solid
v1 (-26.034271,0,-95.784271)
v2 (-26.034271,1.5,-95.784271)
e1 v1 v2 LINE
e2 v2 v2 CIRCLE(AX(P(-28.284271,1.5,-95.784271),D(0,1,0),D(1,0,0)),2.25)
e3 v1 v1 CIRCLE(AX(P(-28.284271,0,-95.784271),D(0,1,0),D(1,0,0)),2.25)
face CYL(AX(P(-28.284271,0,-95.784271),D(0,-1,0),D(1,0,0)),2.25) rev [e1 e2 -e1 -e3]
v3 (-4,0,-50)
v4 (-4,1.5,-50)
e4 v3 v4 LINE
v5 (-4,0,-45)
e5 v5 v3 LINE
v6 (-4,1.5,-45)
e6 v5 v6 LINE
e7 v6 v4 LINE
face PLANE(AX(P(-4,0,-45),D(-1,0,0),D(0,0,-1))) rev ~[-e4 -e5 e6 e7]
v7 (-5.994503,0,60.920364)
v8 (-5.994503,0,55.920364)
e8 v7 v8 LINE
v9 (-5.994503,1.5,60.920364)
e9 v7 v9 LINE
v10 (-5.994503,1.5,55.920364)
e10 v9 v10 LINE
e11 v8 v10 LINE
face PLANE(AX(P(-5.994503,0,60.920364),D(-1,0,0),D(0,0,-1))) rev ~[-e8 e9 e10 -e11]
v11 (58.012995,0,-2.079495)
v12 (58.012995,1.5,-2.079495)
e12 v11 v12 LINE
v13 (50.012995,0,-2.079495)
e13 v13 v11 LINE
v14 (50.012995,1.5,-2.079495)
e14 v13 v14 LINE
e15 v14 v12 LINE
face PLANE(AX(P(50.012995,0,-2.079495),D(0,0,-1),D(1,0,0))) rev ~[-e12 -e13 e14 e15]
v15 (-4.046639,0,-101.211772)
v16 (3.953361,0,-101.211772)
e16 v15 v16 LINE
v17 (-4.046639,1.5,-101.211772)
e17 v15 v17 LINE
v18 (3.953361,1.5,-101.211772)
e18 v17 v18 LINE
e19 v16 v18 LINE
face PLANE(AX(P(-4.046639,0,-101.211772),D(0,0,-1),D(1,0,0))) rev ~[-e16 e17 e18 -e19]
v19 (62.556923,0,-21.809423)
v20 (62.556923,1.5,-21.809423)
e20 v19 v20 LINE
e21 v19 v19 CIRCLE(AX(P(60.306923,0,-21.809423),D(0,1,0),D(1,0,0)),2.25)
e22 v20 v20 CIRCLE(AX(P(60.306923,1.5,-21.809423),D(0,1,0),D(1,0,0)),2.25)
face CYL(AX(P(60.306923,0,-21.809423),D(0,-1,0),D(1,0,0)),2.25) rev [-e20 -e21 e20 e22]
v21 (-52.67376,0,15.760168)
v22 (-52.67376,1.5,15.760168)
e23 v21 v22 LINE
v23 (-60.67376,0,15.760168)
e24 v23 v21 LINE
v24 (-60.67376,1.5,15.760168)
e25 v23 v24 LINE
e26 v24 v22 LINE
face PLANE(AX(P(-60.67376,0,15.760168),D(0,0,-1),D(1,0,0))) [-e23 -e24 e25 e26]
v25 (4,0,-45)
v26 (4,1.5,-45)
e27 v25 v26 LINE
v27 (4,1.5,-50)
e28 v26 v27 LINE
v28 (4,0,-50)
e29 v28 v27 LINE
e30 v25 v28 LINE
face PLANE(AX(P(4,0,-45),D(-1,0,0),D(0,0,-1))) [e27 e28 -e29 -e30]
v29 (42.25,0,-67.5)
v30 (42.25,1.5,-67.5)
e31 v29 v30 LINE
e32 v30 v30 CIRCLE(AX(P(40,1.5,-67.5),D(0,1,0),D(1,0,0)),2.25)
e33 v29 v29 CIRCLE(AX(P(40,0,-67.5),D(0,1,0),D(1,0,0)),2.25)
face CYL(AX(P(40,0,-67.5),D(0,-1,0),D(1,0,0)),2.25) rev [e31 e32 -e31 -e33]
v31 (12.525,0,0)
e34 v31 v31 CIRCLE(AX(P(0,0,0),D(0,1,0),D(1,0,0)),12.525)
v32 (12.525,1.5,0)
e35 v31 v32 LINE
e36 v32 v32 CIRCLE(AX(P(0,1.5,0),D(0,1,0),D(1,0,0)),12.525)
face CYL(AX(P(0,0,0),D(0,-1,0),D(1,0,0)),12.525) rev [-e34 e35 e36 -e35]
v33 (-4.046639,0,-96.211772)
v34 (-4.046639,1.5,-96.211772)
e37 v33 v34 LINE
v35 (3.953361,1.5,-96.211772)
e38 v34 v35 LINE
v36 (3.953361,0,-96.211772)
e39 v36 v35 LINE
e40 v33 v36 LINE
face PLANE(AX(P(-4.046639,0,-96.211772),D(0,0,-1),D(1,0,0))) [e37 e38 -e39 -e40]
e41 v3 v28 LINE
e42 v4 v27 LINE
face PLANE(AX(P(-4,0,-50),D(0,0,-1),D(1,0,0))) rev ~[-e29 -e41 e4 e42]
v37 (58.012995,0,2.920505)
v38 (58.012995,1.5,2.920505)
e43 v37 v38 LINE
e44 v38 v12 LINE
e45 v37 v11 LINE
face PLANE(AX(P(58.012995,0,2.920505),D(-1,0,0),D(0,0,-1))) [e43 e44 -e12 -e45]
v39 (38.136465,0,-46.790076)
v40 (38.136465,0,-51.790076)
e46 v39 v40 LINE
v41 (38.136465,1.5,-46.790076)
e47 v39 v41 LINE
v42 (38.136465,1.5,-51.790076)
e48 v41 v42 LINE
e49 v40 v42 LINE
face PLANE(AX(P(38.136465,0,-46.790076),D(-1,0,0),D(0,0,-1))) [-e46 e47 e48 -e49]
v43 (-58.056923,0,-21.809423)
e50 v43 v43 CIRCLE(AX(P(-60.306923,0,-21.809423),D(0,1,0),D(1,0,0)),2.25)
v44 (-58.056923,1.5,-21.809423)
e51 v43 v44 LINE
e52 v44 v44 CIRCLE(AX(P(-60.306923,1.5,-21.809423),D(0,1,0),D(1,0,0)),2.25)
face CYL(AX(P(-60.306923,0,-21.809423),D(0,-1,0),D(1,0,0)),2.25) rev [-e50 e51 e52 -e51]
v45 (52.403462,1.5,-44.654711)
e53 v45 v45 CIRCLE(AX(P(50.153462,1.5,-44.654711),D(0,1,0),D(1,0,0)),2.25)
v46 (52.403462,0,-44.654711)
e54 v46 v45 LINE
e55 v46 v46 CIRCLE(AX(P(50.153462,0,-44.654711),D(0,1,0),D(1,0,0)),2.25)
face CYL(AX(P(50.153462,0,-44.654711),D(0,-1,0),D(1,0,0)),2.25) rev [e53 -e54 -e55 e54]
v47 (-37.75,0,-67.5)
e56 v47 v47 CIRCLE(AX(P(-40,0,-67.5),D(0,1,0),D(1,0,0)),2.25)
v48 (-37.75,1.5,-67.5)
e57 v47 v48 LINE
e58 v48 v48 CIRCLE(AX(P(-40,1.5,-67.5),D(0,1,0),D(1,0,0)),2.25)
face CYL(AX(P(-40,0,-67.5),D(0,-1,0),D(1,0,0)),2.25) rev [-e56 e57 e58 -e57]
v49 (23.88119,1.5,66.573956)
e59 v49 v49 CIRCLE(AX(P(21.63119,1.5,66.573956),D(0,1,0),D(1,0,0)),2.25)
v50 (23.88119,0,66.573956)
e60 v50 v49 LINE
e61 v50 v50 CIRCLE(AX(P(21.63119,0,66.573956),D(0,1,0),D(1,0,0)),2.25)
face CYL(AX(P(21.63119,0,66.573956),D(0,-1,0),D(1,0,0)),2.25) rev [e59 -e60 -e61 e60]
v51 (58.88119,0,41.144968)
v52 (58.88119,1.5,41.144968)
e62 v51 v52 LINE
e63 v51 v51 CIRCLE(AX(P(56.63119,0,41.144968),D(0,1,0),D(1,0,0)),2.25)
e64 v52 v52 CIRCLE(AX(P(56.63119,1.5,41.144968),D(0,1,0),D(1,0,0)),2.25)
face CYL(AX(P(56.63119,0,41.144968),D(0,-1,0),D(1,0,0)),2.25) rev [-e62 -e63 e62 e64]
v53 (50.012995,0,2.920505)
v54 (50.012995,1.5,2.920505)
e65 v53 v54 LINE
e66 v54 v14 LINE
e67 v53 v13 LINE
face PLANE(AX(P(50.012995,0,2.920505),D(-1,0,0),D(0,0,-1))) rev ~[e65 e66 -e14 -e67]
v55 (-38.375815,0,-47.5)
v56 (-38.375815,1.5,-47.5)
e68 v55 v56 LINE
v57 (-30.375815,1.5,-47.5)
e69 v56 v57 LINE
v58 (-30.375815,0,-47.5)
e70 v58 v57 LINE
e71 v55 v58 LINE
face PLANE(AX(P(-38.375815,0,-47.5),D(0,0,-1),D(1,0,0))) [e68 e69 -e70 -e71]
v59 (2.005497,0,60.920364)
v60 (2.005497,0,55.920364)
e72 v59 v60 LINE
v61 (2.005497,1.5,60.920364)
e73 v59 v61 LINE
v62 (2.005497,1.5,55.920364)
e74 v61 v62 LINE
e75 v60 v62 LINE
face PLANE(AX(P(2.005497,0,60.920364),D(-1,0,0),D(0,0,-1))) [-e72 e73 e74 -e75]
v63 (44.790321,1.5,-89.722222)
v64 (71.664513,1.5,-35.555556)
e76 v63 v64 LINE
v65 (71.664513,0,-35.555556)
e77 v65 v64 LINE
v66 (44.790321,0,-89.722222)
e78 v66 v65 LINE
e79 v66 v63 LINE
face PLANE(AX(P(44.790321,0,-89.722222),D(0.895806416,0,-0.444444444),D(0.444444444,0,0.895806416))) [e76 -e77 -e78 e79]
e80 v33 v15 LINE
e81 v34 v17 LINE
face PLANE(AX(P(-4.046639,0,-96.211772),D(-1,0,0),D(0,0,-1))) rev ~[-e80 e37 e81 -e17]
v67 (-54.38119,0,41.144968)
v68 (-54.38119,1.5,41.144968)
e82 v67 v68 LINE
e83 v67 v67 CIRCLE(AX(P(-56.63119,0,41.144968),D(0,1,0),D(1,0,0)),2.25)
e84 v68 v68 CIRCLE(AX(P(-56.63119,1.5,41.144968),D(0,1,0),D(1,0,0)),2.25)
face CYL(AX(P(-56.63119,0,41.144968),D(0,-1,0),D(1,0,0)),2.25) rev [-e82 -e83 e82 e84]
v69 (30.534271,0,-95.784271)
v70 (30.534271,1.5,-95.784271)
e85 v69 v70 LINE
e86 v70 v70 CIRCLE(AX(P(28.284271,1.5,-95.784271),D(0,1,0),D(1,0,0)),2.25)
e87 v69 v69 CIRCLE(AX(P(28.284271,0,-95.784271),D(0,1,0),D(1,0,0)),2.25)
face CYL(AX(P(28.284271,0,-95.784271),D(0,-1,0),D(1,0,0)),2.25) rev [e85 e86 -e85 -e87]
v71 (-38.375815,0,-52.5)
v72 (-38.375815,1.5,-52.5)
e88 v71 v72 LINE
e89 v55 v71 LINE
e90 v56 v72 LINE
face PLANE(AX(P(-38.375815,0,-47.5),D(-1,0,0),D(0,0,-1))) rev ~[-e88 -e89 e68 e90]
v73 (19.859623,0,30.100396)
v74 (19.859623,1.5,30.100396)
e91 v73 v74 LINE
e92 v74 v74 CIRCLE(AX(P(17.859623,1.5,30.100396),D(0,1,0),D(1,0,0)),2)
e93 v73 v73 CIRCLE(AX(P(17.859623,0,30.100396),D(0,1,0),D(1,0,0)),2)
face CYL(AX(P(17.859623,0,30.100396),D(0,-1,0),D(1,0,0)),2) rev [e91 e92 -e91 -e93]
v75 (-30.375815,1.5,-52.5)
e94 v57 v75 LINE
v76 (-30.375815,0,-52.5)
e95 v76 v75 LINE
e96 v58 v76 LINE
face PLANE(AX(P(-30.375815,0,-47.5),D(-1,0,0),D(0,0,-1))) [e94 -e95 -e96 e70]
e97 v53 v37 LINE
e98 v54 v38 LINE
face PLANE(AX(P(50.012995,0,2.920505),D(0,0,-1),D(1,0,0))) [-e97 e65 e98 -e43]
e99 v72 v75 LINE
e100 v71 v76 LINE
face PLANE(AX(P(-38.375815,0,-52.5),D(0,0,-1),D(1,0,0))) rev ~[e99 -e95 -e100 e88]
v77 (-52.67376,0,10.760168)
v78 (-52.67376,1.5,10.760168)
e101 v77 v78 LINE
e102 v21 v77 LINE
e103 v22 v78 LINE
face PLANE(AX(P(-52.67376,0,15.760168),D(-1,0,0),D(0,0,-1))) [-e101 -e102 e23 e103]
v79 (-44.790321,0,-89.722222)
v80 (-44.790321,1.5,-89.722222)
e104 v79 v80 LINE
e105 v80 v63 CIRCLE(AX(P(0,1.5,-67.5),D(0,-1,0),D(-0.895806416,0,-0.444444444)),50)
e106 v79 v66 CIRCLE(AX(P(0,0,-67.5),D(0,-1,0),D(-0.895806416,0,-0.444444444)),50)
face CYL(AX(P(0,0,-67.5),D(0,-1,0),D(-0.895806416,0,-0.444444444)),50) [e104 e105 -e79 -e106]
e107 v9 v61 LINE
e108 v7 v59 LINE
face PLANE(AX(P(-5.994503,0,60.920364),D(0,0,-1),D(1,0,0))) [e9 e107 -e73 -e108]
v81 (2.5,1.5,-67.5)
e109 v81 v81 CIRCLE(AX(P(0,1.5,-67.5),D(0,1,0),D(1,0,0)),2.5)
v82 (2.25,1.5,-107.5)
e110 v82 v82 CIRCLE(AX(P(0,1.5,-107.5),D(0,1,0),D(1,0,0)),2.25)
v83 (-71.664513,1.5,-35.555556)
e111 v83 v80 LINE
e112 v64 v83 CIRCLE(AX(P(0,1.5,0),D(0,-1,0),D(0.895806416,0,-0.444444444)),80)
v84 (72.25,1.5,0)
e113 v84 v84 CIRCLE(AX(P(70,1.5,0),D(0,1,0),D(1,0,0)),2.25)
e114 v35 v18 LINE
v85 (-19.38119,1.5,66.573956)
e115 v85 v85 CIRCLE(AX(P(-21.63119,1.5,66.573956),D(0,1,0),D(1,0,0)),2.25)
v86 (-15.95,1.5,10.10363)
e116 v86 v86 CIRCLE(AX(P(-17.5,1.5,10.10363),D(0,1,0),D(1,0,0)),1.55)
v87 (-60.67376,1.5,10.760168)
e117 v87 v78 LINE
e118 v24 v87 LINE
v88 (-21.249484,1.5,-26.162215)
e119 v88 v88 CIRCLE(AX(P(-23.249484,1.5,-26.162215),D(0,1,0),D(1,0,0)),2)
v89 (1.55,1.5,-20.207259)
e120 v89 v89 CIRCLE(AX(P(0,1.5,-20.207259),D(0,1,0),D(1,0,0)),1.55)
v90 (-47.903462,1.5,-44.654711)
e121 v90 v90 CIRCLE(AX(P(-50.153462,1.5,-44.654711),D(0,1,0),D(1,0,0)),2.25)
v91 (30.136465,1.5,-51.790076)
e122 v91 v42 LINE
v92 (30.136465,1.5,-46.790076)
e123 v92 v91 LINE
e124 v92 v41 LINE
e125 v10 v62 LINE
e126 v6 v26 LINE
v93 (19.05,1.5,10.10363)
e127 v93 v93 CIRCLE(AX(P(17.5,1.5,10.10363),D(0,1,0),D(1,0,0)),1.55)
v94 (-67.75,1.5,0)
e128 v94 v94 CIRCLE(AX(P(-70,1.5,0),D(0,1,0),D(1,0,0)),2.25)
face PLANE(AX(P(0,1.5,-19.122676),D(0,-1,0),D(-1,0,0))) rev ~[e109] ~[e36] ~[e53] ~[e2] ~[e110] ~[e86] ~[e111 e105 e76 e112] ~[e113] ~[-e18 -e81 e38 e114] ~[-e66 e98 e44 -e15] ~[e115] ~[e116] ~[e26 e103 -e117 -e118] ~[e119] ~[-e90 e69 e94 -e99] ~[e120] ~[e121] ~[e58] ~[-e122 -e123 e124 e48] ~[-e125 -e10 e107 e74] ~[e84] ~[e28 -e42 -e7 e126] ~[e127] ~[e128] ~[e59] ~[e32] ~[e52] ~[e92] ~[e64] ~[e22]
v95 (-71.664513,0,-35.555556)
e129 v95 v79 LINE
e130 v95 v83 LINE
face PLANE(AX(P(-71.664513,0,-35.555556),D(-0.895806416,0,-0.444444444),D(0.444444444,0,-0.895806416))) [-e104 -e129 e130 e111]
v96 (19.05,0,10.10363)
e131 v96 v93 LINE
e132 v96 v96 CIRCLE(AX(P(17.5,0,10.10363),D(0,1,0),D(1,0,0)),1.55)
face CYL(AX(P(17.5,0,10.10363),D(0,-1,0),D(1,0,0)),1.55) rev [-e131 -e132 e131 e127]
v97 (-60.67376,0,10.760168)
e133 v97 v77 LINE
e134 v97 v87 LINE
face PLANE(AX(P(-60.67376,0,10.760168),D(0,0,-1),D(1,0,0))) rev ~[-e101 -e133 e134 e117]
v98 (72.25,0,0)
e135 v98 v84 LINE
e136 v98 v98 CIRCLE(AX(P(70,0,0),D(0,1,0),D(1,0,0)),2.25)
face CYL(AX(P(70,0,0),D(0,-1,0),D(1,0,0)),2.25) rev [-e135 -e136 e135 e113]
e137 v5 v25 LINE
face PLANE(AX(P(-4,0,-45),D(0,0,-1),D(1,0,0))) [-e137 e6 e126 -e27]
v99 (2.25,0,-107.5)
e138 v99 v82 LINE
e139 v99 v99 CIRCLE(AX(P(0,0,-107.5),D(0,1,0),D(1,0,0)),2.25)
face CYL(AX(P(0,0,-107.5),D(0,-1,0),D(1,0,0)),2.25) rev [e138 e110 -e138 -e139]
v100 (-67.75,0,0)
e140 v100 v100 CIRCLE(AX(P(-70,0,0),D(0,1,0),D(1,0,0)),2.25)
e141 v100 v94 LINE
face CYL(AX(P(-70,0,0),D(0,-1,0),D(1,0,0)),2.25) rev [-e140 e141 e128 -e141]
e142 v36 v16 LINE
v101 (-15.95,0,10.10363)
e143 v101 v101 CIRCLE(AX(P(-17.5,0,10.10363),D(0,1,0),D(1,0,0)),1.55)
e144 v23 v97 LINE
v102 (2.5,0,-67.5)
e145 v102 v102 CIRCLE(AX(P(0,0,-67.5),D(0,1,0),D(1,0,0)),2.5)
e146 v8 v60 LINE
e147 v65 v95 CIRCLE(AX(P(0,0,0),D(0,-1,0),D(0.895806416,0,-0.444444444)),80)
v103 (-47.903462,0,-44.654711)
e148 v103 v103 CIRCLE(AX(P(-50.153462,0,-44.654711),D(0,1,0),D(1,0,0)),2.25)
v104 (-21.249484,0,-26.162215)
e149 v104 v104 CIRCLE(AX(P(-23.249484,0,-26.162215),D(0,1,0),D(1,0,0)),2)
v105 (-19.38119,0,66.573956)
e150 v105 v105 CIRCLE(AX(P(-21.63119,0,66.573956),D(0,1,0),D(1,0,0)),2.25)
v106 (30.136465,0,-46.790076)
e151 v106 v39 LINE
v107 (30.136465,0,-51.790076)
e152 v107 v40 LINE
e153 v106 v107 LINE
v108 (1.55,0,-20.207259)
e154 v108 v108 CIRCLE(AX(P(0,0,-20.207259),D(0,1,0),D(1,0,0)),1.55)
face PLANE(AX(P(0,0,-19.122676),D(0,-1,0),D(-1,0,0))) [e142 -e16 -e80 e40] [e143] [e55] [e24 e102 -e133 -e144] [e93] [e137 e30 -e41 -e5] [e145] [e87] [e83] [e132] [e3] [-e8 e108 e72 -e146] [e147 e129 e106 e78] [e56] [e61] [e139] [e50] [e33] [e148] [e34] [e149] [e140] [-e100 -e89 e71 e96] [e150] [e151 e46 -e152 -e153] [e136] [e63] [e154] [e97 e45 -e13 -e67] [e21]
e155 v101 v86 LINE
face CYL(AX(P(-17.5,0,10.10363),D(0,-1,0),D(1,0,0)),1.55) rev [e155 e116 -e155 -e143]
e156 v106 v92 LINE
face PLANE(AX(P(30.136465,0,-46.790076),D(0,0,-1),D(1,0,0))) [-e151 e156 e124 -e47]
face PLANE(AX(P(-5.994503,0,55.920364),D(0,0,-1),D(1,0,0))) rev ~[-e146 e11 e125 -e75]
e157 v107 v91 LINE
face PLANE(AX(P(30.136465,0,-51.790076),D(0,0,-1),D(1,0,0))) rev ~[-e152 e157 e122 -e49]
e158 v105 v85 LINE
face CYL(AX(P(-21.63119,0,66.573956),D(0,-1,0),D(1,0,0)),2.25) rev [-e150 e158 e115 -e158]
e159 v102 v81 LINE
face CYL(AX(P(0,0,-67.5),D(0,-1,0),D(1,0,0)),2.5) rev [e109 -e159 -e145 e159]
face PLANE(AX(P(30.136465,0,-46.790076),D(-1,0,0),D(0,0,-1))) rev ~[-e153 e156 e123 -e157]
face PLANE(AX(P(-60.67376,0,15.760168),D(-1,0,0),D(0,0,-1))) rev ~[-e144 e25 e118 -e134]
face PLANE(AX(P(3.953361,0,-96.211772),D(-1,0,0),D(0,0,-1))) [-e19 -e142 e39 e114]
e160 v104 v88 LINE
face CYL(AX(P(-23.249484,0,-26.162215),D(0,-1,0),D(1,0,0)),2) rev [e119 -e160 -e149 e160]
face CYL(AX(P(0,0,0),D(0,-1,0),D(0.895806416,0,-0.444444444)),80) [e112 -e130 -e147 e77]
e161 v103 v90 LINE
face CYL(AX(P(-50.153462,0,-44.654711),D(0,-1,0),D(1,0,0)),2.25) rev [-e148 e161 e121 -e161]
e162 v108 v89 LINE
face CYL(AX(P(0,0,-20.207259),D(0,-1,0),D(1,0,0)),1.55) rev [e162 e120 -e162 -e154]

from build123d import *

# Parameters (mm, degrees)
SKETCH1_R           = 12.525
SKETCH1_R_2         = 1.55
SKETCH1_R_3         = 2.5
SKETCH1_R_4         = 2.25
SKETCH1_R_5         = 2
SKETCH1_W           = 8
SKETCH1_H           = 5
BOSS_EXTRUDE1_DEPTH = 1.5


with BuildPart() as part:
    # Sketch1 → Boss-Extrude1 (new body)
    with BuildSketch(Plane(origin=(0, 0, 0), x_dir=(1, 0, 0), z_dir=(0, 1, 0))):
        with BuildLine():
            Line((44.790320824, 89.722222222), (71.664513318, 35.555555556))
            ThreePointArc((71.664513318, 35.555555556), (0, -80), (-71.664513318, 35.555555556))
            Line((-71.664513318, 35.555555556), (-44.790320824, 89.722222222))
            ThreePointArc((-44.790320824, 89.722222222), (0, 117.5), (44.790320824, 89.722222222))
        make_face()
        Circle(SKETCH1_R, mode=Mode.SUBTRACT)
        with Locations((-17.5, -10.103629711)):
            Circle(SKETCH1_R_2, mode=Mode.SUBTRACT)
        with Locations((17.5, -10.103629711)):
            Circle(SKETCH1_R_2, mode=Mode.SUBTRACT)
        with Locations((0, 20.207259422)):
            Circle(SKETCH1_R_2, mode=Mode.SUBTRACT)
        with Locations((0, 67.5)):
            Circle(SKETCH1_R_3, mode=Mode.SUBTRACT)
        with Locations((40, 67.5)):
            Circle(SKETCH1_R_4, mode=Mode.SUBTRACT)
        with Locations((70, 0)):
            Circle(SKETCH1_R_4, mode=Mode.SUBTRACT)
        with Locations((56.631189606, -41.14496766)):
            Circle(SKETCH1_R_4, mode=Mode.SUBTRACT)
        with Locations((21.631189606, -66.573956141)):
            Circle(SKETCH1_R_4, mode=Mode.SUBTRACT)
        with Locations((-21.631189606, -66.573956141)):
            Circle(SKETCH1_R_4, mode=Mode.SUBTRACT)
        with Locations((-56.631189606, -41.14496766)):
            Circle(SKETCH1_R_4, mode=Mode.SUBTRACT)
        with Locations((-70, 0)):
            Circle(SKETCH1_R_4, mode=Mode.SUBTRACT)
        with Locations((28.284271247, 95.784271247)):
            Circle(SKETCH1_R_4, mode=Mode.SUBTRACT)
        with Locations((0, 107.5)):
            Circle(SKETCH1_R_4, mode=Mode.SUBTRACT)
        with Locations((-28.284271247, 95.784271247)):
            Circle(SKETCH1_R_4, mode=Mode.SUBTRACT)
        with Locations((-40, 67.5)):
            Circle(SKETCH1_R_4, mode=Mode.SUBTRACT)
        with Locations((-50.153461651, 44.654711284)):
            Circle(SKETCH1_R_4, mode=Mode.SUBTRACT)
        with Locations((-60.306923303, 21.809422569)):
            Circle(SKETCH1_R_4, mode=Mode.SUBTRACT)
        with Locations((50.153461651, 44.654711284)):
            Circle(SKETCH1_R_4, mode=Mode.SUBTRACT)
        with Locations((60.306923303, 21.809422569)):
            Circle(SKETCH1_R_4, mode=Mode.SUBTRACT)
        with Locations((17.859623375, -30.100396225)):
            Circle(SKETCH1_R_5, mode=Mode.SUBTRACT)
        with Locations((-23.249483938, 26.162215055)):
            Circle(SKETCH1_R_5, mode=Mode.SUBTRACT)
        with Locations((0, 47.5)):
            Rectangle(SKETCH1_W, SKETCH1_H, mode=Mode.SUBTRACT)
        with Locations((-1.994503305, -58.420364393)):
            Rectangle(SKETCH1_W, SKETCH1_H, mode=Mode.SUBTRACT)
        with Locations((-34.37581539, 50)):
            Rectangle(SKETCH1_W, SKETCH1_H, mode=Mode.SUBTRACT)
        with Locations((34.136464886, 49.290075758)):
            Rectangle(SKETCH1_W, SKETCH1_H, mode=Mode.SUBTRACT)
        with Locations((54.012994775, -0.420504721)):
            Rectangle(SKETCH1_W, SKETCH1_H, mode=Mode.SUBTRACT)
        with Locations((-56.673760324, -13.260168312)):
            Rectangle(SKETCH1_W, SKETCH1_H, mode=Mode.SUBTRACT)
        with Locations((-0.046638908, 98.711772009)):
            Rectangle(SKETCH1_W, SKETCH1_H, mode=Mode.SUBTRACT)
    extrude(amount=BOSS_EXTRUDE1_DEPTH)


solid = part.part
